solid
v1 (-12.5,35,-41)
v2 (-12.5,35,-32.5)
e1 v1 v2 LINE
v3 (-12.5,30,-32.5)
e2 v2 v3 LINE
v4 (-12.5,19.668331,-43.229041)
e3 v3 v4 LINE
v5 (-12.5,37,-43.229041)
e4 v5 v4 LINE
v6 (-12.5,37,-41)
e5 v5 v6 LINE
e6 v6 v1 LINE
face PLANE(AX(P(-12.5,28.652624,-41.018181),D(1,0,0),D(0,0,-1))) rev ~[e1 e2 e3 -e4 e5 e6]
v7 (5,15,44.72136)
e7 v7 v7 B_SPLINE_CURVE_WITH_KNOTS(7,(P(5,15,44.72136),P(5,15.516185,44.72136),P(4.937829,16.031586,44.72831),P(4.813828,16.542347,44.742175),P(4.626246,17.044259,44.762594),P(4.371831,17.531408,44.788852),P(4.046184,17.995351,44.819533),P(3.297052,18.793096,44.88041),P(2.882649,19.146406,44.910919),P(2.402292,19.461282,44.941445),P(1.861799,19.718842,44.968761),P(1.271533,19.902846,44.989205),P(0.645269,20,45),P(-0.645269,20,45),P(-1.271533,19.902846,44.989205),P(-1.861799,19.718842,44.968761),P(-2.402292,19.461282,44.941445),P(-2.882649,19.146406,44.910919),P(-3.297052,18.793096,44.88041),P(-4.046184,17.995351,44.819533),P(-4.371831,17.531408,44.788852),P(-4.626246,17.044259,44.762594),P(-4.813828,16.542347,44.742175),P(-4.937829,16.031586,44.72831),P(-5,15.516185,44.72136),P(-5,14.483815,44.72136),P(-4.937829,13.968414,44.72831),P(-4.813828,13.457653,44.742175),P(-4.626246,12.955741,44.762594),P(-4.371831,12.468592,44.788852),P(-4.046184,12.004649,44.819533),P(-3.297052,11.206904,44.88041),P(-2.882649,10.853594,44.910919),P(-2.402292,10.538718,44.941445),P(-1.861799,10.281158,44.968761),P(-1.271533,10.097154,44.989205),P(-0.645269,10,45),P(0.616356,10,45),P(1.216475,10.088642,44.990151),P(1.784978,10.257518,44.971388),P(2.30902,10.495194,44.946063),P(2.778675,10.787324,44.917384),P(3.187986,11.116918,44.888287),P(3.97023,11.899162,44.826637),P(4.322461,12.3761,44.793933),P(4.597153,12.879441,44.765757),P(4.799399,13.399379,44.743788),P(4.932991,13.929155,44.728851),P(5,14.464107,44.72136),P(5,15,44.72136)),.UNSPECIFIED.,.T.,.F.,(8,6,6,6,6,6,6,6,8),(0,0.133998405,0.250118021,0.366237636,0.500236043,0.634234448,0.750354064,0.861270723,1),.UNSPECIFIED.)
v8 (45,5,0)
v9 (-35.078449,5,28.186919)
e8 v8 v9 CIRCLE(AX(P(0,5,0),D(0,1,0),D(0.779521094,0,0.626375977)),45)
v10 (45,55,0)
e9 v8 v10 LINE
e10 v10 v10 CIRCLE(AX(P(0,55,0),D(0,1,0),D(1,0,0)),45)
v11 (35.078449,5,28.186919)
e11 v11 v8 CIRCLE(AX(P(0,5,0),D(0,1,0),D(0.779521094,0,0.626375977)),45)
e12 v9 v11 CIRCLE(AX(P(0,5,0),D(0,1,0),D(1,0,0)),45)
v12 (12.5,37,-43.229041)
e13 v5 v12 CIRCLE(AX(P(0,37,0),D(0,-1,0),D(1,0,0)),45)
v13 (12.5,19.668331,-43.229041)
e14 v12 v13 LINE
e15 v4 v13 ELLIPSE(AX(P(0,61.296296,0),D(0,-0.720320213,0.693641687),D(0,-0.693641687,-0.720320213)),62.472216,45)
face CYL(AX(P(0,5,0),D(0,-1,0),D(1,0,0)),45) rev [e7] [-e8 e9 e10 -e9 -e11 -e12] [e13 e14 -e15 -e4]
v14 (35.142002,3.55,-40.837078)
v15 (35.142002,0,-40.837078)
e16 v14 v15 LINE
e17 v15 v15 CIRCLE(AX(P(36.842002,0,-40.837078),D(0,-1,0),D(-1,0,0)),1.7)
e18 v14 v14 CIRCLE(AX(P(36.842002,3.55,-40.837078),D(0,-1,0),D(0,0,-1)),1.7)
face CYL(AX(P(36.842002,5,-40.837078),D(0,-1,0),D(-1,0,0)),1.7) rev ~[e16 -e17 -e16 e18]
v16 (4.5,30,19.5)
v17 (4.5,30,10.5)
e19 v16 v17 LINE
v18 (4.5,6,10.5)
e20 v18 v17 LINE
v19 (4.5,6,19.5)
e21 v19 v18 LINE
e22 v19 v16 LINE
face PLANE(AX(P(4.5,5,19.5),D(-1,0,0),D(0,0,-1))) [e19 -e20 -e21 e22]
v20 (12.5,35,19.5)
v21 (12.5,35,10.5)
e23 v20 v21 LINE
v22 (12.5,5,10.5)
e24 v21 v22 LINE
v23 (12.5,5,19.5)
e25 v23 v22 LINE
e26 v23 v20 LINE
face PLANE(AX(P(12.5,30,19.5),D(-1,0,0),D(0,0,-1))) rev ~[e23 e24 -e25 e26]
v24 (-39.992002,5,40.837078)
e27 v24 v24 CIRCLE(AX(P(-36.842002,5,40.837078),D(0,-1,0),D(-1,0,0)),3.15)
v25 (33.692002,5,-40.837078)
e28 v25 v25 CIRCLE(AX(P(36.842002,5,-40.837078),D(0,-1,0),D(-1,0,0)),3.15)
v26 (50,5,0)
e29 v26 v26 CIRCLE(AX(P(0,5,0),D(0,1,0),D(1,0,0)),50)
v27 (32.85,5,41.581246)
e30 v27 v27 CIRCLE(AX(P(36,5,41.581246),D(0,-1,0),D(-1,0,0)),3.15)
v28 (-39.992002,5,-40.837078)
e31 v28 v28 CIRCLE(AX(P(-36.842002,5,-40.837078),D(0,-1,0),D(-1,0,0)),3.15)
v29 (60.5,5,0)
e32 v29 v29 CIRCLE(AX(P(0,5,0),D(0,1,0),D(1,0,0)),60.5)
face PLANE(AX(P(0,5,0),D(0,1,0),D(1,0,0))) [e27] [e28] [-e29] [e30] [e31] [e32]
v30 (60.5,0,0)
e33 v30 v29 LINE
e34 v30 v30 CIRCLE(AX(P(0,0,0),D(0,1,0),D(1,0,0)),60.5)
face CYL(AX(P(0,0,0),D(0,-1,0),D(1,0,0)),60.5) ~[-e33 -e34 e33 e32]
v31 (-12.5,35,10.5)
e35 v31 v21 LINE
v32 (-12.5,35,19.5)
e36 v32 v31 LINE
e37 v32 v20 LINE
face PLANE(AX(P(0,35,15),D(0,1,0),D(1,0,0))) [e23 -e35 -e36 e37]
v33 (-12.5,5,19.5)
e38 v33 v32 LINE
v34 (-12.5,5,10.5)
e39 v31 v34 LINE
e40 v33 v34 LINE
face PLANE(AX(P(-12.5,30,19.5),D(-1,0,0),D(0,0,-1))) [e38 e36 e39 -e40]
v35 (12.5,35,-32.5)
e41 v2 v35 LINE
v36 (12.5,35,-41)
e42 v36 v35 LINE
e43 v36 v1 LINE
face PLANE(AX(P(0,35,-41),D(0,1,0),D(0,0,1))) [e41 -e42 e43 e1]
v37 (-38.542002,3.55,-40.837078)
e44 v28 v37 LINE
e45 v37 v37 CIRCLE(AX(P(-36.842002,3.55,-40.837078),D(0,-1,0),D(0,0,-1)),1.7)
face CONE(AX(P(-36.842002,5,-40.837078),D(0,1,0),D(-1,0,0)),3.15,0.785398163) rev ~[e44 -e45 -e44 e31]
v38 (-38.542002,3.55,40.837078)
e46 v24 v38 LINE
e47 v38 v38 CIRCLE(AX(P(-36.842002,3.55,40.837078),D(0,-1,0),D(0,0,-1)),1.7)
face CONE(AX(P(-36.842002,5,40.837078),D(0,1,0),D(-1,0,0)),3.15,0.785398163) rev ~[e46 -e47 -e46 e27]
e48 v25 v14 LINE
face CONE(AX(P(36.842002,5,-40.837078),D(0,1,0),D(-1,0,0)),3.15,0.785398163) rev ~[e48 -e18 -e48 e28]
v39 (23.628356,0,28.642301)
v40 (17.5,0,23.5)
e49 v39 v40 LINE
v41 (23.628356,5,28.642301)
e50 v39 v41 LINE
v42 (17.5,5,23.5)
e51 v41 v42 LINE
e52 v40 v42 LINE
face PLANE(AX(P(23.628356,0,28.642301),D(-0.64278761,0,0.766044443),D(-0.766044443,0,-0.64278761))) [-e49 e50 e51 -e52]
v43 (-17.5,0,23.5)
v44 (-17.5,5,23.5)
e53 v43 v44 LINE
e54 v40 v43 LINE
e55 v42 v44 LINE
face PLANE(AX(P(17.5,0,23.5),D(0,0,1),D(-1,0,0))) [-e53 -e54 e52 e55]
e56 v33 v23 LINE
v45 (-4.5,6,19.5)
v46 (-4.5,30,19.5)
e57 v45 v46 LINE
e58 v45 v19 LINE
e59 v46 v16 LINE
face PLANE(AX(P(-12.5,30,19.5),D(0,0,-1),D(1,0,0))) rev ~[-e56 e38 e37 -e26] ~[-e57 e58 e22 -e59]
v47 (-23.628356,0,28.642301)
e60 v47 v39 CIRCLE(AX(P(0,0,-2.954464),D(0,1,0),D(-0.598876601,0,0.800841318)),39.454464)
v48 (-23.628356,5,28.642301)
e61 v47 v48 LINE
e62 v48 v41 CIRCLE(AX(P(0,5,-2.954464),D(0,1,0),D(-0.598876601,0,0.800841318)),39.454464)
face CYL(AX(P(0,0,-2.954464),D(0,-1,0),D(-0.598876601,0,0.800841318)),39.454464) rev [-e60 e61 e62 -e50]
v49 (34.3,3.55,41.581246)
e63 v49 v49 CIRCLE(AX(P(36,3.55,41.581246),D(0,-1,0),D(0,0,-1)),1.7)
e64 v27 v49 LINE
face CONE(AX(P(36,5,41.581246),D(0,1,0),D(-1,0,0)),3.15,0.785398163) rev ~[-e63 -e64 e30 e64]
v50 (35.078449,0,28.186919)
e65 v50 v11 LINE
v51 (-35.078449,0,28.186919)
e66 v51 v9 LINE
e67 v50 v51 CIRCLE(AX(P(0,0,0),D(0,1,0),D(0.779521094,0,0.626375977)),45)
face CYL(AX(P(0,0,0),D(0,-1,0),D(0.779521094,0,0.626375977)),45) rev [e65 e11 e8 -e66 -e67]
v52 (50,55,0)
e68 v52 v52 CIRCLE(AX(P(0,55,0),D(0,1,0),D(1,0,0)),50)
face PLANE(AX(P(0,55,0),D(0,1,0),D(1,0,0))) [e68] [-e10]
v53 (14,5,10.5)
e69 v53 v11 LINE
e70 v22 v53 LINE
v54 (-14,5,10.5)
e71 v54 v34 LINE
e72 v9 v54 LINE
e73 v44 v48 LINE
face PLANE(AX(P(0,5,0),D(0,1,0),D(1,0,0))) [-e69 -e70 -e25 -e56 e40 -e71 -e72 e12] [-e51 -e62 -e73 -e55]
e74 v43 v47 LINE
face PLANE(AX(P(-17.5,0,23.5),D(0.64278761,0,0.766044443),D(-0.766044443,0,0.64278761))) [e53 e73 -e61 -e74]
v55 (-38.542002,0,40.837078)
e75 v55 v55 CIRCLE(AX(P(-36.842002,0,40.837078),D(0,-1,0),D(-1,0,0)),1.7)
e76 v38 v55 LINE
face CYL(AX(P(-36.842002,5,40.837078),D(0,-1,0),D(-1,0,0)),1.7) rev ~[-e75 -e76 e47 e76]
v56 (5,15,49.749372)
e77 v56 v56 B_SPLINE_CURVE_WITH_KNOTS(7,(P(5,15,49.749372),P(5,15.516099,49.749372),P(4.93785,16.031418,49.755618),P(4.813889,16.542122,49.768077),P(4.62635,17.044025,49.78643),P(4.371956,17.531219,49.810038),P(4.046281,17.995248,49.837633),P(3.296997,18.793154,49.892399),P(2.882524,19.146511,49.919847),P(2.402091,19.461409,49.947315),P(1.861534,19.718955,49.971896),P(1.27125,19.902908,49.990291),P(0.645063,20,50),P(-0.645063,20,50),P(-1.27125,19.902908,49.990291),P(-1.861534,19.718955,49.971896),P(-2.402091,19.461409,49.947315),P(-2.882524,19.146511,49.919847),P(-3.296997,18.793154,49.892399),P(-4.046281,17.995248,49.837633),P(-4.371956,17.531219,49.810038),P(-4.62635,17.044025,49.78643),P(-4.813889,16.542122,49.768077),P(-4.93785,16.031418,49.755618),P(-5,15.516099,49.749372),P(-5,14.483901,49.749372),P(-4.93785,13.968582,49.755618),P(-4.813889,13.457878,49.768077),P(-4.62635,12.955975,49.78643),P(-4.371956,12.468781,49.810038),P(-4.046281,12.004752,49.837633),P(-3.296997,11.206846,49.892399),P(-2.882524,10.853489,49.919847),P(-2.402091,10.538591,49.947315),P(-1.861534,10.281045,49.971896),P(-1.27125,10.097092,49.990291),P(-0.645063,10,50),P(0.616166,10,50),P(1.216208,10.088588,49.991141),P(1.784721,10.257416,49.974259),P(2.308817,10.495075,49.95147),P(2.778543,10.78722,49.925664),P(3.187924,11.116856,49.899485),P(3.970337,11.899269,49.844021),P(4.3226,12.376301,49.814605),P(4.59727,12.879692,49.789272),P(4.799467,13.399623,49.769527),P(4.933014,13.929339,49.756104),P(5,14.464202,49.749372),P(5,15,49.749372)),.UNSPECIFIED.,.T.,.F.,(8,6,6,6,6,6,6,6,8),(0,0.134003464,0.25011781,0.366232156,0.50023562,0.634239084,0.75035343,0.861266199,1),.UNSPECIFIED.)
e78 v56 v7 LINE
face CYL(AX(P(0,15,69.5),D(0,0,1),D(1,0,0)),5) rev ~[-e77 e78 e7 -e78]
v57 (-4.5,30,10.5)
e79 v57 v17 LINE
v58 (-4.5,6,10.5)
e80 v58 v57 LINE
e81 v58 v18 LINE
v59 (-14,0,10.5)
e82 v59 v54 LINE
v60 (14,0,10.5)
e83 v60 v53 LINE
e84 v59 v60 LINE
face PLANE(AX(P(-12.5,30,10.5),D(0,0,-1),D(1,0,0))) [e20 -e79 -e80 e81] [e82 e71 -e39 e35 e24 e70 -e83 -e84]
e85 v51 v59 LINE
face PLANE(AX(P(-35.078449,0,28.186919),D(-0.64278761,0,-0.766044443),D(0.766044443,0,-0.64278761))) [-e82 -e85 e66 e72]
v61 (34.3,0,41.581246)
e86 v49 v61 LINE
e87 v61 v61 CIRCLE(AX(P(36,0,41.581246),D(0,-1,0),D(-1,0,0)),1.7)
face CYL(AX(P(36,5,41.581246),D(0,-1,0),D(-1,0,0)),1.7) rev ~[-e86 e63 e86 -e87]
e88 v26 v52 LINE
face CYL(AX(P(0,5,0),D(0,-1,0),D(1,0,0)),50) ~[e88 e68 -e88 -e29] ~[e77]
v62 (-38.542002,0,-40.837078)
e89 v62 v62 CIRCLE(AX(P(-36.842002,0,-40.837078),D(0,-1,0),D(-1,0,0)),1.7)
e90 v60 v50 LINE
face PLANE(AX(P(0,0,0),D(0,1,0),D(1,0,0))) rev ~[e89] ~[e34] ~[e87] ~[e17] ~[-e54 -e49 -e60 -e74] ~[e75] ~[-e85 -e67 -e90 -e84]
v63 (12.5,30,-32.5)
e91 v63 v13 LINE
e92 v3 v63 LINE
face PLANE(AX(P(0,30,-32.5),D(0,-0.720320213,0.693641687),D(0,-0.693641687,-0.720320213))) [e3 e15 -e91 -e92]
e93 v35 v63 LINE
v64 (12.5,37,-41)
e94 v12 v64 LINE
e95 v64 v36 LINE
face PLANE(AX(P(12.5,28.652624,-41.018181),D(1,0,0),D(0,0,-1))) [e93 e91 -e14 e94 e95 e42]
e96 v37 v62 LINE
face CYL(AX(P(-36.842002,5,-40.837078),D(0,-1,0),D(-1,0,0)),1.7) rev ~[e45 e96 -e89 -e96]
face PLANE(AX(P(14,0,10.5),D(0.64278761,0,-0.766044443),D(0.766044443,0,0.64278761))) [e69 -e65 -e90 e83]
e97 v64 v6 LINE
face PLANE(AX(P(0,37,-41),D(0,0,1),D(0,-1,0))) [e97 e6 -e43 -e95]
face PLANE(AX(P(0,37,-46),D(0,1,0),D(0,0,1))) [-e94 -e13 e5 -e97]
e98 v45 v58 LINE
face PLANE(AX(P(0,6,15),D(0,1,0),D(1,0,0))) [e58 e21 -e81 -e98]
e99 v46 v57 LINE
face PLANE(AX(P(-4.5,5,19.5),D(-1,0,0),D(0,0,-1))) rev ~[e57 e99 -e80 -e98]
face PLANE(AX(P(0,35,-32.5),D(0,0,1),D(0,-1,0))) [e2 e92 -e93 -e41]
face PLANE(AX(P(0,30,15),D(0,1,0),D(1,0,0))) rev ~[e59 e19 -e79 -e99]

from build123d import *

# Parameters (mm, degrees)
SKETCH1_R                                       = 60.5
BOSS_EXTRUDE1_DEPTH                             = 5
SKETCH2_R                                       = 50
SKETCH2_R_2                                     = 45
BOSS_EXTRUDE2_DEPTH                             = 50
SKETCH3_W                                       = 9
SKETCH3_H                                       = 9
BOSS_EXTRUDE3_DEPTH                             = 1
SKETCH3_3_W                                     = 8
SKETCH3_3_H                                     = 9
BOSS_EXTRUDE4_DEPTH                             = 25
SKETCH4_W                                       = 25
SKETCH4_H                                       = 9
BOSS_EXTRUDE5_DEPTH                             = 5
BOSS_EXTRUDE7_DEPTH                             = 12.5
CSK_FOR_M3_FLAT_HEAD_MACHINE_SCREW1_D           = 3.4
CSK_FOR_M3_FLAT_HEAD_MACHINE_SCREW1_DEPTH       = 5
CSK_FOR_M3_FLAT_HEAD_MACHINE_SCREW1_CSINK_D     = 6.3
CSK_FOR_M3_FLAT_HEAD_MACHINE_SCREW1_CSINK_ANGLE = 90
CUT_EXTRUDE1_REACH                              = 132
SKETCH10_R                                      = 5


with BuildPart() as part:
    # Sketch1 → Boss-Extrude1 (new body)
    with BuildSketch(Plane(origin=(0, 0, 0), x_dir=(1, 0, 0), z_dir=(0, 1, 0))):
        Circle(SKETCH1_R)
        with BuildLine():
            Line((-14, -10.5), (14, -10.5))
            Line((14, -10.5), (35.078449216, -28.186918963))
            ThreePointArc((35.078449216, -28.186918963), (0, 45), (-35.078449216, -28.186918963))
            Line((-35.078449216, -28.186918963), (-14, -10.5))
        make_face(mode=Mode.SUBTRACT)
        with BuildLine():
            Line((-17.5, -23.5), (-23.628355545, -28.642300877))
            ThreePointArc((-23.628355545, -28.642300877), (0, -36.5), (23.628355545, -28.642300877))
            Line((23.628355545, -28.642300877), (17.5, -23.5))
            Line((17.5, -23.5), (-17.5, -23.5))
        make_face(mode=Mode.SUBTRACT)
    extrude(amount=BOSS_EXTRUDE1_DEPTH)

    # Sketch2 → Boss-Extrude2 (add)
    with BuildSketch(Plane(origin=(0, 5, 0), x_dir=(1, 0, 0), z_dir=(0, 1, 0))):
        Circle(SKETCH2_R)
        Circle(SKETCH2_R_2, mode=Mode.SUBTRACT)
    extrude(amount=BOSS_EXTRUDE2_DEPTH)

    # Sketch3 → Boss-Extrude3 (add)
    with BuildSketch(Plane(origin=(0, 5, 0), x_dir=(1, 0, 0), z_dir=(0, 1, 0))):
        with Locations((0, -15)):
            Rectangle(SKETCH3_W, SKETCH3_H)
    extrude(amount=BOSS_EXTRUDE3_DEPTH)

    # Sketch3<3> → Boss-Extrude4 (add)
    with BuildSketch(Plane(origin=(0, 5, 0), x_dir=(1, 0, 0), z_dir=(0, 1, 0))):
        with Locations((-8.5, -15)):
            Rectangle(SKETCH3_3_W, SKETCH3_3_H)
        with Locations((8.5, -15)):
            Rectangle(SKETCH3_3_W, SKETCH3_3_H)
    extrude(amount=BOSS_EXTRUDE4_DEPTH)

    # Sketch4 → Boss-Extrude5 (add)
    with BuildSketch(Plane(origin=(0, 30, 0), x_dir=(1, 0, 0), z_dir=(0, 1, 0))):
        with Locations((0, -15)):
            Rectangle(SKETCH4_W, SKETCH4_H)
    extrude(amount=BOSS_EXTRUDE5_DEPTH)

    # Sketch5 → Boss-Extrude7 (add, symmetric)
    with BuildSketch(Plane(origin=(0, 0, 0), x_dir=(0, 0, -1), z_dir=(1, 0, 0))):
        Polygon((41, 35), (32.5, 35), (32.5, 30), (46, 17), (46, 37), (41, 37), align=None)
    extrude(amount=BOSS_EXTRUDE7_DEPTH, both=True)

    # CSK for M3 Flat Head Machine Screw1
    with Locations(Plane(origin=(0, 5, 0), x_dir=(1, 0, 0), z_dir=(0, 1, 0))):
        with Locations((-36.842001616, 40.837077723), (36.842001616, 40.837077723), (36, -41.581245773), (-36.842001616, -40.837077723)):
            CounterSinkHole(CSK_FOR_M3_FLAT_HEAD_MACHINE_SCREW1_D / 2, CSK_FOR_M3_FLAT_HEAD_MACHINE_SCREW1_CSINK_D / 2, depth=CSK_FOR_M3_FLAT_HEAD_MACHINE_SCREW1_DEPTH, counter_sink_angle=CSK_FOR_M3_FLAT_HEAD_MACHINE_SCREW1_CSINK_ANGLE)

    # Sketch10 → Cut-Extrude1 (cut, up to next)
    with BuildSketch(Plane.XY.offset(69.5), mode=Mode.PRIVATE) as cut_extrude1_sk1:
        with Locations((0, 15)):
            Circle(SKETCH10_R)
    cut_extrude1_tool1 = extrude(cut_extrude1_sk1.sketch, amount=-CUT_EXTRUDE1_REACH, mode=Mode.PRIVATE) & part.part
    add(cut_extrude1_tool1.solids().sort_by_distance((0, 15, 69.5))[0], mode=Mode.SUBTRACT)


solid = part.part
